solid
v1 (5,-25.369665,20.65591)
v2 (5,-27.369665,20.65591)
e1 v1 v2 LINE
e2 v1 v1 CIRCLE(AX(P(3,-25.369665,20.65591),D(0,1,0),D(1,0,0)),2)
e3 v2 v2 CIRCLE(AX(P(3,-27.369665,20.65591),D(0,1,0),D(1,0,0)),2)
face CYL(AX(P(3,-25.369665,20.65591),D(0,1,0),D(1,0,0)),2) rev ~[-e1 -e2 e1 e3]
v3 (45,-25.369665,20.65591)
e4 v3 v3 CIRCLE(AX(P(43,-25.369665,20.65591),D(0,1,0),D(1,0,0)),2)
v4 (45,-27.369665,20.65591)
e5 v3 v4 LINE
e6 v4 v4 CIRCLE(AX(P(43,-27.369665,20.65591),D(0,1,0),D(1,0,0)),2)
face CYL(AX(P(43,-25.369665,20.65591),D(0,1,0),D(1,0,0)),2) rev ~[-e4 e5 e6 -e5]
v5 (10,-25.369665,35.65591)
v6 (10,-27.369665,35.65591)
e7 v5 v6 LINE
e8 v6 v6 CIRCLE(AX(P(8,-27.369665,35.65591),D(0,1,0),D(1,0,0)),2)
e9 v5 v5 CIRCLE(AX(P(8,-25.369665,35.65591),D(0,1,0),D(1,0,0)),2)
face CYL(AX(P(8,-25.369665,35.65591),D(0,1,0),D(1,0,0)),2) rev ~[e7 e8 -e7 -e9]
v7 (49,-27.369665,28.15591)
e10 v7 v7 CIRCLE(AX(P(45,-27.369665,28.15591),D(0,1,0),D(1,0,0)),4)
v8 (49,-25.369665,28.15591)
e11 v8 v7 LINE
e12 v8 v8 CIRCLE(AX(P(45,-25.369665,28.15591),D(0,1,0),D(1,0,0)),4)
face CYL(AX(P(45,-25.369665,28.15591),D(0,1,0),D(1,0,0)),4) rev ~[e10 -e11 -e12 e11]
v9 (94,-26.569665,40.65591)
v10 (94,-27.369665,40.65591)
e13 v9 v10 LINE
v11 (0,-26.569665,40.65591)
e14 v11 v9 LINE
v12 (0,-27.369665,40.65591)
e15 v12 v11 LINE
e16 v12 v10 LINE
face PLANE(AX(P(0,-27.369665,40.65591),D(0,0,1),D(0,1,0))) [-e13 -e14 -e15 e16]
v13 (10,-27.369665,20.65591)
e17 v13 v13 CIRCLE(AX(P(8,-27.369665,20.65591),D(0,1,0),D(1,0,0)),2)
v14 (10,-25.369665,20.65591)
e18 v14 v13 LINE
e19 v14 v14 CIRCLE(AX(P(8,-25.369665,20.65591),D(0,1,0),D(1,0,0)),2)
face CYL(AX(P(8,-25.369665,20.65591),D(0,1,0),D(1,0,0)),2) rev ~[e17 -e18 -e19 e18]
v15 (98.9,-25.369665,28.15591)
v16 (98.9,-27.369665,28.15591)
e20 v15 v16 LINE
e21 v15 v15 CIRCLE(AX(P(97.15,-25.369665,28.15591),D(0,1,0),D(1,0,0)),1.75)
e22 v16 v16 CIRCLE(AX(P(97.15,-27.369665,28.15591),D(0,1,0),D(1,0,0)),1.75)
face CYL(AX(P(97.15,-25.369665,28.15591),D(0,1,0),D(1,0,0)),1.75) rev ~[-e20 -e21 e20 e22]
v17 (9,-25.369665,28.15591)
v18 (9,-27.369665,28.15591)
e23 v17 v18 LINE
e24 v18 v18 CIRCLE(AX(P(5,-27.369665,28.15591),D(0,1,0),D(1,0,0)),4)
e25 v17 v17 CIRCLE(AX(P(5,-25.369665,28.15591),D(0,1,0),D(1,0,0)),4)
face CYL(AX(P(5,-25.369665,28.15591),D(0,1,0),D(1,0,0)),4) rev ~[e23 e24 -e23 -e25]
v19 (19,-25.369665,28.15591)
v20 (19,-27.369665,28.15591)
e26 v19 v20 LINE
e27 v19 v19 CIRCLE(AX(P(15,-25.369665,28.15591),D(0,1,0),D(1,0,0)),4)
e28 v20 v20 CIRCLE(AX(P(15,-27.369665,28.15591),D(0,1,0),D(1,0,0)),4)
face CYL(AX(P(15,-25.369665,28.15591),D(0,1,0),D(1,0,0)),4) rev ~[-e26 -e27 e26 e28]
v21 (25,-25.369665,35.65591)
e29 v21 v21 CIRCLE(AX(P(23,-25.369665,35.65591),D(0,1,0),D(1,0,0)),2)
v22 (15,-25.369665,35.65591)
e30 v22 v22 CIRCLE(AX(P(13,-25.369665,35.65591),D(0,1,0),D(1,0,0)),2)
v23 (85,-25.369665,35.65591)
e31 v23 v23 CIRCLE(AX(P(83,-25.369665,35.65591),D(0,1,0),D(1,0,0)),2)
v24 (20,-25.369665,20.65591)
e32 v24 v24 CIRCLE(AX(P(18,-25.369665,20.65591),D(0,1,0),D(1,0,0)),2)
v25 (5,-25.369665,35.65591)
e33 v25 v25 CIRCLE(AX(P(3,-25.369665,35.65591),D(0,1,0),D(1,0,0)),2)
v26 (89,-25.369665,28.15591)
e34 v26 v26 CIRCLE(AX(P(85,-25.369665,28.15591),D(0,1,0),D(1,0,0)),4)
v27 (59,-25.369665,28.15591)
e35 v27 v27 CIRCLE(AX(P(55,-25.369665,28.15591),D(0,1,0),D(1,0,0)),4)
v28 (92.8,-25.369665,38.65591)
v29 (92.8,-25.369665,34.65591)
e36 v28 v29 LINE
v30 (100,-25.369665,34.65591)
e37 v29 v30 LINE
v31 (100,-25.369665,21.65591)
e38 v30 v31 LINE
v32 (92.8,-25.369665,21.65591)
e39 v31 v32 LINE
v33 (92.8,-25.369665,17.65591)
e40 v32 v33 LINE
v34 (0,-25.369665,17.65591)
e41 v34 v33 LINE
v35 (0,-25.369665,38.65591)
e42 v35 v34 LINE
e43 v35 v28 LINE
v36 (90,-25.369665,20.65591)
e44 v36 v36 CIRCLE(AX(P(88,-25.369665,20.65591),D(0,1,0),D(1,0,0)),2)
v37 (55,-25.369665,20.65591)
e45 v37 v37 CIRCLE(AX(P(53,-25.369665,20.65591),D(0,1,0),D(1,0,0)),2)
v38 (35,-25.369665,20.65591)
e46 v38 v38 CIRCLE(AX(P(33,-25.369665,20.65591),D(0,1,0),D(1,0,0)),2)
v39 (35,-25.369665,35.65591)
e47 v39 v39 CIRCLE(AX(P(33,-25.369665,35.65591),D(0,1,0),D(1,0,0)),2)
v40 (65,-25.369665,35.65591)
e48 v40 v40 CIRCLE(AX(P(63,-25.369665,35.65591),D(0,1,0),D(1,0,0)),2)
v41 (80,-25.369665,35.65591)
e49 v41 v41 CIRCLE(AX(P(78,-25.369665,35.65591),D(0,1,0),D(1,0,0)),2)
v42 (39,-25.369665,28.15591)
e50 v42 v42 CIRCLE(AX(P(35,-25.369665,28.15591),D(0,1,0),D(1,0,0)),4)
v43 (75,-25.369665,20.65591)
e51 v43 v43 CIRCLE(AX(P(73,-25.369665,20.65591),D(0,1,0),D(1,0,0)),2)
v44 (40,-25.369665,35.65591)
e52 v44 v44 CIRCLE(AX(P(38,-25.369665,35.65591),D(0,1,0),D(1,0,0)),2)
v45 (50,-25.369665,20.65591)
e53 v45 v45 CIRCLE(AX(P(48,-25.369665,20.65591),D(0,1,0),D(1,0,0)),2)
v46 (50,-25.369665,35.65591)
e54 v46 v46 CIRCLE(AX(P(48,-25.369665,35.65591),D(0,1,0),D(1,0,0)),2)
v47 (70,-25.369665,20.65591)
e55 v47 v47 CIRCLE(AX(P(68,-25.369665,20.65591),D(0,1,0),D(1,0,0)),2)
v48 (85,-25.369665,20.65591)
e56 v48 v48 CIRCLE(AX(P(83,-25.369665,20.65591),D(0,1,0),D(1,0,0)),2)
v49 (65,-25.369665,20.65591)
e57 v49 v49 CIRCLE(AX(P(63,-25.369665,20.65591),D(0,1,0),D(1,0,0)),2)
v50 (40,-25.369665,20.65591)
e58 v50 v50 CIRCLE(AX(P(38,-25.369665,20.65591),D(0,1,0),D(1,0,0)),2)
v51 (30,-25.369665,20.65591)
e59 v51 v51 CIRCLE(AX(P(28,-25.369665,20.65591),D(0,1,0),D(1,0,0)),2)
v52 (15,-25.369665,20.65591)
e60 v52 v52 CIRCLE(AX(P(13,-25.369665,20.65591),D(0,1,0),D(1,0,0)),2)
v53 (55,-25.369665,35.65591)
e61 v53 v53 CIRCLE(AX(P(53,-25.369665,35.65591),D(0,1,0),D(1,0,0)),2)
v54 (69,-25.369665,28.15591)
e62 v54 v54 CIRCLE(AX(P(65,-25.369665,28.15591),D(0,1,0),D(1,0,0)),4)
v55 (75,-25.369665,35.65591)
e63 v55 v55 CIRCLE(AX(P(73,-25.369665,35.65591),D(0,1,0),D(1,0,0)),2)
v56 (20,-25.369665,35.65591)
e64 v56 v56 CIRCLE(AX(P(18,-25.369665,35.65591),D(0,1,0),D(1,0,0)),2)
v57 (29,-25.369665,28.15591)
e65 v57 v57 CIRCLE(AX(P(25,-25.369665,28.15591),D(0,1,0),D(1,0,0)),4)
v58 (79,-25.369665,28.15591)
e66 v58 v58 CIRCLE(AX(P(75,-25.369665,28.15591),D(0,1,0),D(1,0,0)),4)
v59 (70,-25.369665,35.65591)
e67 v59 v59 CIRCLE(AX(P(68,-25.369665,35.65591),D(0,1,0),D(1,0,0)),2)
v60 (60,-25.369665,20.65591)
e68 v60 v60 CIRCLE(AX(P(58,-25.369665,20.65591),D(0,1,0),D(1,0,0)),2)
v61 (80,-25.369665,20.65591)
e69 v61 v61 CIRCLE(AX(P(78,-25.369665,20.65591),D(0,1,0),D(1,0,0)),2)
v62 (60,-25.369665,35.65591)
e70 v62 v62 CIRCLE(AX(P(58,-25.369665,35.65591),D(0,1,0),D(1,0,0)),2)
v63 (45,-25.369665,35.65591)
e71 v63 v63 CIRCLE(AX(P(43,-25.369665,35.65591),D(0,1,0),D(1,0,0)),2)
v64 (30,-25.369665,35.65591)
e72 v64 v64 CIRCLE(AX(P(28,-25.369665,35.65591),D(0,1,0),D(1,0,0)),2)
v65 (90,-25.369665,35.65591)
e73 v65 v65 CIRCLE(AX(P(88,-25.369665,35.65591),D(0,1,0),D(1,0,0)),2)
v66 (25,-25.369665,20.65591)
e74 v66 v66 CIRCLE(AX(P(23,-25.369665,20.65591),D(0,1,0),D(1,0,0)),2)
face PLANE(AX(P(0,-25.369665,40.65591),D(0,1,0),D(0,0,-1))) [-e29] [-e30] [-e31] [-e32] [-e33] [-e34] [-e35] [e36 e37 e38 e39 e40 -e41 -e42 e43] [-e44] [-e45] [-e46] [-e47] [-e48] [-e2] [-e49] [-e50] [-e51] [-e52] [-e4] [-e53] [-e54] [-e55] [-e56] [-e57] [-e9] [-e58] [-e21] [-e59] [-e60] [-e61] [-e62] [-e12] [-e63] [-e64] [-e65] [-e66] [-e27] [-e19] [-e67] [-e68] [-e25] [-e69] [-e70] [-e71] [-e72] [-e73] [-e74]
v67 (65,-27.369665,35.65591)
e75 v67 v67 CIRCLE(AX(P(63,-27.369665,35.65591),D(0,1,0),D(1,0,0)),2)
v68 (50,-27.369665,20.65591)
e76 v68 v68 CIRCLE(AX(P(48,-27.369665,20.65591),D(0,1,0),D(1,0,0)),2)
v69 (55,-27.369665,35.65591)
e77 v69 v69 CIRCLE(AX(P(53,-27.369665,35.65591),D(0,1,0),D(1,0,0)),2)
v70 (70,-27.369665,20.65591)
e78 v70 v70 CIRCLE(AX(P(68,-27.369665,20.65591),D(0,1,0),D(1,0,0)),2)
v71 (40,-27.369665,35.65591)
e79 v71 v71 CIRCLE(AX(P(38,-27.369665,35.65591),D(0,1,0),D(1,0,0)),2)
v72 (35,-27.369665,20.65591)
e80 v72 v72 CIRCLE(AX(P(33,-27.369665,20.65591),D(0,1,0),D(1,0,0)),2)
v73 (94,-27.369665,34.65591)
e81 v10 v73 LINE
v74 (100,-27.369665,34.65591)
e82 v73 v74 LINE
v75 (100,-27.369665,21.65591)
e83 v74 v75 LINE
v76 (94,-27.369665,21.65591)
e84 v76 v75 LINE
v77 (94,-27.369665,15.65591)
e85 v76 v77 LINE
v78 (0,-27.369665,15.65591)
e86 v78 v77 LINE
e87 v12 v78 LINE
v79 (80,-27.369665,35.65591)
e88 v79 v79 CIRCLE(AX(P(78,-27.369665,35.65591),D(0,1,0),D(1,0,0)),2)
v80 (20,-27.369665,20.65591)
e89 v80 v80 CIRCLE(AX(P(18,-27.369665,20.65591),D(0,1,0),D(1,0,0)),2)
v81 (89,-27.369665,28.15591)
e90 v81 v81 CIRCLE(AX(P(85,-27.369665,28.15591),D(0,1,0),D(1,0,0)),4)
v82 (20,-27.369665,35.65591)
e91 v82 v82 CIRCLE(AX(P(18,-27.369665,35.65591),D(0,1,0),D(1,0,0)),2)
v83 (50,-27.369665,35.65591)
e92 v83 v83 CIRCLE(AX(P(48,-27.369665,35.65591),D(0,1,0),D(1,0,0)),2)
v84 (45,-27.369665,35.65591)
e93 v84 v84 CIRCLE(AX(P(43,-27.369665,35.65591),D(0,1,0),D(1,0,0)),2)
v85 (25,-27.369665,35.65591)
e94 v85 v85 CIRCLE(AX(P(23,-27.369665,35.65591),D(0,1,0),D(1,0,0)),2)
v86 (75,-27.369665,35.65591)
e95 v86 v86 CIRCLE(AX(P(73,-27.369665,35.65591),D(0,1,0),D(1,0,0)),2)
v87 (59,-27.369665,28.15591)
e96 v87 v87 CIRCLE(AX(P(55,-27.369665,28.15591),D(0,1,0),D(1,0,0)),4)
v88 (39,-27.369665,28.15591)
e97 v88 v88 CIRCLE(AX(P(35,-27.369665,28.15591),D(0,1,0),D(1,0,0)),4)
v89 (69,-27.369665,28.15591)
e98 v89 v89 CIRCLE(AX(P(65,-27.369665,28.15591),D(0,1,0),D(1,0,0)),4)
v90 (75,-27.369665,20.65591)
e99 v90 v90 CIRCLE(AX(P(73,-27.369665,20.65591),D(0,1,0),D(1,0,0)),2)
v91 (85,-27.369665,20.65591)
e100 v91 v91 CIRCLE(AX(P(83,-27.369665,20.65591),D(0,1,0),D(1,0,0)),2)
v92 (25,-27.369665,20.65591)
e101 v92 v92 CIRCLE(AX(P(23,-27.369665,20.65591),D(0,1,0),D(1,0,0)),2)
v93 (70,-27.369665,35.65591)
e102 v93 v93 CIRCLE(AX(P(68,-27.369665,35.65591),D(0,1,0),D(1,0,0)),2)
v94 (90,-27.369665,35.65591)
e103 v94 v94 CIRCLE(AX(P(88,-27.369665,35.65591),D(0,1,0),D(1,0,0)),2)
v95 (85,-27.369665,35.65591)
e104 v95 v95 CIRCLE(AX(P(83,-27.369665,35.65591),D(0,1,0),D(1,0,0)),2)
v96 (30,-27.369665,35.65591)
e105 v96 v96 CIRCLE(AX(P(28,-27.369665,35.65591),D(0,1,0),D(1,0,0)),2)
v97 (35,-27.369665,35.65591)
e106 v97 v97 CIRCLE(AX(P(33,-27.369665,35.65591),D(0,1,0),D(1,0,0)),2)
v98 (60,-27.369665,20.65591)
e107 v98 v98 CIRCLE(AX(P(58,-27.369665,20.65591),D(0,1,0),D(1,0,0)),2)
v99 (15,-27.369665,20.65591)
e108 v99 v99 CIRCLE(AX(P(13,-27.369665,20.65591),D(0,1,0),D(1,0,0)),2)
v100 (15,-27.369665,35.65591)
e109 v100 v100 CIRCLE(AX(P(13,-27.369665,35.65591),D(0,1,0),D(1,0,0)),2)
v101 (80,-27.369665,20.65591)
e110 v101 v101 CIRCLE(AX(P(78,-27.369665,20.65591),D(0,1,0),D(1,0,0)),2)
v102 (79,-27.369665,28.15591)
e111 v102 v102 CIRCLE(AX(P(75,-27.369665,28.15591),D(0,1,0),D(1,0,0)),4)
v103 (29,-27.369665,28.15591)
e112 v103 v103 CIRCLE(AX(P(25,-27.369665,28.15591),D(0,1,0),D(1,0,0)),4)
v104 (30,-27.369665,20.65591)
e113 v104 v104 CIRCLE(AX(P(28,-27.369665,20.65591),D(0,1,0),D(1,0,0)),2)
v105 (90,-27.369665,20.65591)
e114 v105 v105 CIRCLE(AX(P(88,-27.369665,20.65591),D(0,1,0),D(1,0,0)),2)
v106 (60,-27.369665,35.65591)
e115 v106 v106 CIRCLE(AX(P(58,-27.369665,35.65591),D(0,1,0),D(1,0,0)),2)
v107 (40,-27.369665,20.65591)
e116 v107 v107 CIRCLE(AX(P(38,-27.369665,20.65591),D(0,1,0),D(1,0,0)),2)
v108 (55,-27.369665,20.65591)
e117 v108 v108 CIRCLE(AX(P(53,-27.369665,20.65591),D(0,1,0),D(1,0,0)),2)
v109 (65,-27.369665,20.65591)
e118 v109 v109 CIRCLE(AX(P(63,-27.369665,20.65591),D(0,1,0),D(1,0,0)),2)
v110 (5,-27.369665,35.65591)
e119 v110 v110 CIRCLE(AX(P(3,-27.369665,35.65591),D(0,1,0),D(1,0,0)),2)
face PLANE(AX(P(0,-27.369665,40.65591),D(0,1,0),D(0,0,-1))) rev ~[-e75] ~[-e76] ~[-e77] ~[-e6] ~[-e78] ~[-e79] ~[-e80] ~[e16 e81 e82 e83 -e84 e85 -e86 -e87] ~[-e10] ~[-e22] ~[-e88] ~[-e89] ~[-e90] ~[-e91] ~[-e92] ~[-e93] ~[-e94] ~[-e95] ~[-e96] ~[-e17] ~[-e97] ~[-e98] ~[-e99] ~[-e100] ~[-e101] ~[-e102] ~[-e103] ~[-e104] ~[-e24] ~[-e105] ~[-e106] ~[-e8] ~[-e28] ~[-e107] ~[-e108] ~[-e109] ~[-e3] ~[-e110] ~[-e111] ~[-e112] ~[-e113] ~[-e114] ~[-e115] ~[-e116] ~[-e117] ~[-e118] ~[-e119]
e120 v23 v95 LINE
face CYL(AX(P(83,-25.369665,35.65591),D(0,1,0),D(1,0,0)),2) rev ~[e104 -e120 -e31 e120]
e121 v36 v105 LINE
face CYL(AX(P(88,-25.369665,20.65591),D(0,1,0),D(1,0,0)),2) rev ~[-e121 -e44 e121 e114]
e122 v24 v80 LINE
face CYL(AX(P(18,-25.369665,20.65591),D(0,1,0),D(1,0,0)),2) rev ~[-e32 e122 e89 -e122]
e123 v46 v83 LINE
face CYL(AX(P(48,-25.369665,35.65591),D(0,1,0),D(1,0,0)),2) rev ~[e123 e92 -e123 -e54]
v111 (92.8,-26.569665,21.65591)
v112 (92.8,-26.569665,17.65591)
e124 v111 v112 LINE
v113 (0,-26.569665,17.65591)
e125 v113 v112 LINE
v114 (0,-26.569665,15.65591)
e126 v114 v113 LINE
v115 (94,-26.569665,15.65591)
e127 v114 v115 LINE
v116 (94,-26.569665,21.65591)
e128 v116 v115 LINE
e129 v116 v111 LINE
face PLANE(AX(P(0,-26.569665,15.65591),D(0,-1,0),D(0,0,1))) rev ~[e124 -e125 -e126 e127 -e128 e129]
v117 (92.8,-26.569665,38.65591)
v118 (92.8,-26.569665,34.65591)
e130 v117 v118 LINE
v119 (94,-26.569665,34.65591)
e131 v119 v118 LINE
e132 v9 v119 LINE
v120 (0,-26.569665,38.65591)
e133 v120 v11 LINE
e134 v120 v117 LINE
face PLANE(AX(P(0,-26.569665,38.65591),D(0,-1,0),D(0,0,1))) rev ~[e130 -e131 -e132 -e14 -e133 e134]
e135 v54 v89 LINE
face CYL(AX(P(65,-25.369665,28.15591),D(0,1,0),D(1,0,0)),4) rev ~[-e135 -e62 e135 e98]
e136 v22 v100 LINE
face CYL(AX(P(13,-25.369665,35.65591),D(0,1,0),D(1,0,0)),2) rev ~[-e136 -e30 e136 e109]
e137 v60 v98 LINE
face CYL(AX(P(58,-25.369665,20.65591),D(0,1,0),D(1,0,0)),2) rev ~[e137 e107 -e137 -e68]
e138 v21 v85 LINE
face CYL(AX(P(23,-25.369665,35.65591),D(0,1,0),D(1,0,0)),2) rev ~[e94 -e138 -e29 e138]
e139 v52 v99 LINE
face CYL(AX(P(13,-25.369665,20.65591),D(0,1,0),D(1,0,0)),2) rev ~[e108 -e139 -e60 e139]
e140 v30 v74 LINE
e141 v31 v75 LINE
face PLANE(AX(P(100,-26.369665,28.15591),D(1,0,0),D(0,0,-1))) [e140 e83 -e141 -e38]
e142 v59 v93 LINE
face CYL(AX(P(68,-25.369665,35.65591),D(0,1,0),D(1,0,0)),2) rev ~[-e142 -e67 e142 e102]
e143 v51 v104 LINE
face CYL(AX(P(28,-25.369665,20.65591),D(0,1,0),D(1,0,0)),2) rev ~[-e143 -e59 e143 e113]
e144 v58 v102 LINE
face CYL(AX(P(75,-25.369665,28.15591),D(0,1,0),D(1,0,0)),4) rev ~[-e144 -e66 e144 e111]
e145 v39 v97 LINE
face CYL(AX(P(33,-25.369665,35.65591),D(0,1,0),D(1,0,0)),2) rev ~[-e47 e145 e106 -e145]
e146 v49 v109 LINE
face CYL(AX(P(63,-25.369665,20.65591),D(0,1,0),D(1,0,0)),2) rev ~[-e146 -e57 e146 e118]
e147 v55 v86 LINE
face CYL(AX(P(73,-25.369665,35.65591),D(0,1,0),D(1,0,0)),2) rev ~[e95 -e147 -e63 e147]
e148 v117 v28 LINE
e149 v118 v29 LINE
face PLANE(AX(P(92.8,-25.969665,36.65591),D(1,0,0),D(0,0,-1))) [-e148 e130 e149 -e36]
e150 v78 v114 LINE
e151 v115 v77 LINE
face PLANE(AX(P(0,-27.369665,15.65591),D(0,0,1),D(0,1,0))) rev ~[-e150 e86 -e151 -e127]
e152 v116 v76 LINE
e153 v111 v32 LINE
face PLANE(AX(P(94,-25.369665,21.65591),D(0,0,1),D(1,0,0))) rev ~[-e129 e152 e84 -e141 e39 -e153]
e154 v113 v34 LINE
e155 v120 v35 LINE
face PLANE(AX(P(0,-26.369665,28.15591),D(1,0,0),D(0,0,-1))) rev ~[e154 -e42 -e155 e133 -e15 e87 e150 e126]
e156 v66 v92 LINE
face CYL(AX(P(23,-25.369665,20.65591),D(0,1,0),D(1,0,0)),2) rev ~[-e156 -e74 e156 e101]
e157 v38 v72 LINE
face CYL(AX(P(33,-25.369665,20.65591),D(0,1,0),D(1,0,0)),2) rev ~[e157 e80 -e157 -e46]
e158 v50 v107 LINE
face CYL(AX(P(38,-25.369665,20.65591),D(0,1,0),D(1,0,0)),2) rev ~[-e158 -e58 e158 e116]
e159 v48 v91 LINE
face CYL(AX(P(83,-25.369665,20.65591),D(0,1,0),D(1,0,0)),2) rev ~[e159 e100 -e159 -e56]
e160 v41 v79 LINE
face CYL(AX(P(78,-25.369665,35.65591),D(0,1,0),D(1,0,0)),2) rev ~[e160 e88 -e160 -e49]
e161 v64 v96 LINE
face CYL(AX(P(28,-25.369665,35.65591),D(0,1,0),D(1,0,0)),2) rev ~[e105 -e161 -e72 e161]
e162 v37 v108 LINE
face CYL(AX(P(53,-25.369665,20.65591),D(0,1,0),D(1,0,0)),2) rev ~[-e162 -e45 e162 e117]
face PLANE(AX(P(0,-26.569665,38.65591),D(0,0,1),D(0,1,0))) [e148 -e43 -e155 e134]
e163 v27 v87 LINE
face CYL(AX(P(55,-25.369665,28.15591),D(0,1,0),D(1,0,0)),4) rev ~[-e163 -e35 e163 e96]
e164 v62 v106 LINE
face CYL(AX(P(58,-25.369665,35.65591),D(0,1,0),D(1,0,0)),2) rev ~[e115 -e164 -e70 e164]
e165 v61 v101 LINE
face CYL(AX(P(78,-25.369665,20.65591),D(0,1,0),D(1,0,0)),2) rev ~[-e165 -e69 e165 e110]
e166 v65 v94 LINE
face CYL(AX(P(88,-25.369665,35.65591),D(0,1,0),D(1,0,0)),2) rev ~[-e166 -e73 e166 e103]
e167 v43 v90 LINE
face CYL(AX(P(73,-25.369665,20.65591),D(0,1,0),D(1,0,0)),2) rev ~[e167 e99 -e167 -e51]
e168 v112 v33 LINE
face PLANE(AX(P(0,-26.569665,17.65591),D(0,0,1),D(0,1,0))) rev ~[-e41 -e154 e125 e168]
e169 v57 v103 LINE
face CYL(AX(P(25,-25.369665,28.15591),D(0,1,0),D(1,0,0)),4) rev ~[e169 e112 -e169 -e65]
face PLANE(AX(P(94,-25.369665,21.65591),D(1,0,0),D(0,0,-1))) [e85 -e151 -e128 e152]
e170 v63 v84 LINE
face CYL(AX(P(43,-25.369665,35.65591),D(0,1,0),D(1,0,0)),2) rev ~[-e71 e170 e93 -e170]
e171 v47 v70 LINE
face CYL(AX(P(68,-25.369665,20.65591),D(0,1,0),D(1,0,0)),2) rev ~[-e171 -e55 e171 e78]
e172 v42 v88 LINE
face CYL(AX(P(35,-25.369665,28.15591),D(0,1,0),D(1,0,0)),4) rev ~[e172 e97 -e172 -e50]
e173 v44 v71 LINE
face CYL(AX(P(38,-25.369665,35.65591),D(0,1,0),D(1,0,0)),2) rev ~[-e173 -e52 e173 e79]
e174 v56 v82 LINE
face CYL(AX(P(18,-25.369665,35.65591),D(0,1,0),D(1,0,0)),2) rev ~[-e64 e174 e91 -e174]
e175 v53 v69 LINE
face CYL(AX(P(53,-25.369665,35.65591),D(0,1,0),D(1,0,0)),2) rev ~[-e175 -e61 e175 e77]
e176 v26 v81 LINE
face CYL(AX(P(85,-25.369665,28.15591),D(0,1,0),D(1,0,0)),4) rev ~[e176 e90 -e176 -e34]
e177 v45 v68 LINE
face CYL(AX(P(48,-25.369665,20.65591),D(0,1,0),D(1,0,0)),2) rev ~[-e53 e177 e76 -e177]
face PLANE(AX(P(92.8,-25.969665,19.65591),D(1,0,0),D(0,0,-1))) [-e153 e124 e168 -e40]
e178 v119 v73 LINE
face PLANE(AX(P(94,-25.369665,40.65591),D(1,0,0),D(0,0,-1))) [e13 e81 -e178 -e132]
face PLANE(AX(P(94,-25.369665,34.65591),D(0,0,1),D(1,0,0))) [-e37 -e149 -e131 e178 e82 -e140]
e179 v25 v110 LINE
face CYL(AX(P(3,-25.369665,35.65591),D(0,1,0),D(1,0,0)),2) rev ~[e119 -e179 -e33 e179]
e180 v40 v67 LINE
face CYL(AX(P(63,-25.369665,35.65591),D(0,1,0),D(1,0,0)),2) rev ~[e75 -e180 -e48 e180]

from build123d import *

# Parameters (mm, degrees)
SKIZZE1_W                       = 25
SKIZZE1_H                       = 2
AUFSATZ_LINEAR_AUSTRAGEN1_DEPTH = 100
SKIZZE2_W                       = 2
SKIZZE2_H                       = 1.2
SCHNITT_LINEAR_AUSTRAGEN1_DEPTH = 101
SKIZZE3_R                       = 1.75
SKIZZE3_W                       = 6
SKIZZE3_H                       = 6
SCHNITT_LINEAR_AUSTRAGEN2_DEPTH = 3
SKIZZE4_W                       = 4
SKIZZE4_H                       = 1.2
SCHNITT_LINEAR_AUSTRAGEN3_DEPTH = 1.2
SKIZZE5_R                       = 2
SKIZZE5_R_2                     = 4
SCHNITT_LINEAR_AUSTRAGEN4_DEPTH = 3
LINEARES_MUSTER1_COUNT          = 9
LINEARES_MUSTER1_PITCH          = 10


with BuildPart() as part:
    # Skizze1 → Aufsatz-Linear austragen1 (new body)
    with BuildSketch(Plane(origin=(0, 0, 0), x_dir=(0, 0, -1), z_dir=(1, 0, 0))):
        with Locations((-28.15591013, -26.369664989)):
            Rectangle(SKIZZE1_W, SKIZZE1_H)
    extrude(amount=AUFSATZ_LINEAR_AUSTRAGEN1_DEPTH)

    # Skizze2 → Schnitt-Linear austragen1 (cut, through all)
    with BuildSketch(Plane.ZY):
        with Locations((16.65591013, -25.969664989)):
            Rectangle(SKIZZE2_W, SKIZZE2_H)
        with Locations((39.65591013, -25.969664989)):
            Rectangle(SKIZZE2_W, SKIZZE2_H)
    extrude(amount=-SCHNITT_LINEAR_AUSTRAGEN1_DEPTH, mode=Mode.SUBTRACT)

    # Skizze3 → Schnitt-Linear austragen2 (cut, through all)
    with BuildSketch(Plane(origin=(0, -25.369664989, 0), x_dir=(1, 0, 0), z_dir=(0, 1, 0))):
        with Locations((97.15, -28.15591013)):
            Circle(SKIZZE3_R)
        with Locations((97, -18.65591013)):
            Rectangle(SKIZZE3_W, SKIZZE3_H)
        with Locations((97, -37.65591013)):
            Rectangle(SKIZZE3_W, SKIZZE3_H)
    extrude(amount=-SCHNITT_LINEAR_AUSTRAGEN2_DEPTH, mode=Mode.SUBTRACT)

    # Skizze4 → Schnitt-Linear austragen3 (cut)
    with BuildSketch(Plane(origin=(94, 0, 0), x_dir=(0, 0, -1), z_dir=(1, 0, 0))):
        with Locations((-36.65591013, -25.969664989)):
            Rectangle(SKIZZE4_W, SKIZZE4_H)
        with Locations((-19.65591013, -25.969664989)):
            Rectangle(SKIZZE4_W, SKIZZE4_H)
    extrude(amount=-SCHNITT_LINEAR_AUSTRAGEN3_DEPTH, mode=Mode.SUBTRACT)

    # Skizze5 → Schnitt-Linear austragen4 (cut, through all)
    with BuildSketch(Plane(origin=(0, -25.369664989, 0), x_dir=(1, 0, 0), z_dir=(0, 1, 0))):
        with Locations((3, -20.65591013)):
            Circle(SKIZZE5_R)
        with Locations((5, -28.15591013)):
            Circle(SKIZZE5_R_2)
        with Locations((3, -35.65591013)):
            Circle(SKIZZE5_R)
        with Locations((8, -35.65591013)):
            Circle(SKIZZE5_R)
        with Locations((8, -20.65591013)):
            Circle(SKIZZE5_R)
    schnitt_linear_austragen4 = extrude(amount=-SCHNITT_LINEAR_AUSTRAGEN4_DEPTH, mode=Mode.SUBTRACT)

    # Lineares Muster1: Schnitt-Linear austragen4 ×9
    with Locations(*[(i * LINEARES_MUSTER1_PITCH, 0, 0) for i in range(1, LINEARES_MUSTER1_COUNT)]):
        add(schnitt_linear_austragen4, mode=Mode.SUBTRACT)


solid = part.part
